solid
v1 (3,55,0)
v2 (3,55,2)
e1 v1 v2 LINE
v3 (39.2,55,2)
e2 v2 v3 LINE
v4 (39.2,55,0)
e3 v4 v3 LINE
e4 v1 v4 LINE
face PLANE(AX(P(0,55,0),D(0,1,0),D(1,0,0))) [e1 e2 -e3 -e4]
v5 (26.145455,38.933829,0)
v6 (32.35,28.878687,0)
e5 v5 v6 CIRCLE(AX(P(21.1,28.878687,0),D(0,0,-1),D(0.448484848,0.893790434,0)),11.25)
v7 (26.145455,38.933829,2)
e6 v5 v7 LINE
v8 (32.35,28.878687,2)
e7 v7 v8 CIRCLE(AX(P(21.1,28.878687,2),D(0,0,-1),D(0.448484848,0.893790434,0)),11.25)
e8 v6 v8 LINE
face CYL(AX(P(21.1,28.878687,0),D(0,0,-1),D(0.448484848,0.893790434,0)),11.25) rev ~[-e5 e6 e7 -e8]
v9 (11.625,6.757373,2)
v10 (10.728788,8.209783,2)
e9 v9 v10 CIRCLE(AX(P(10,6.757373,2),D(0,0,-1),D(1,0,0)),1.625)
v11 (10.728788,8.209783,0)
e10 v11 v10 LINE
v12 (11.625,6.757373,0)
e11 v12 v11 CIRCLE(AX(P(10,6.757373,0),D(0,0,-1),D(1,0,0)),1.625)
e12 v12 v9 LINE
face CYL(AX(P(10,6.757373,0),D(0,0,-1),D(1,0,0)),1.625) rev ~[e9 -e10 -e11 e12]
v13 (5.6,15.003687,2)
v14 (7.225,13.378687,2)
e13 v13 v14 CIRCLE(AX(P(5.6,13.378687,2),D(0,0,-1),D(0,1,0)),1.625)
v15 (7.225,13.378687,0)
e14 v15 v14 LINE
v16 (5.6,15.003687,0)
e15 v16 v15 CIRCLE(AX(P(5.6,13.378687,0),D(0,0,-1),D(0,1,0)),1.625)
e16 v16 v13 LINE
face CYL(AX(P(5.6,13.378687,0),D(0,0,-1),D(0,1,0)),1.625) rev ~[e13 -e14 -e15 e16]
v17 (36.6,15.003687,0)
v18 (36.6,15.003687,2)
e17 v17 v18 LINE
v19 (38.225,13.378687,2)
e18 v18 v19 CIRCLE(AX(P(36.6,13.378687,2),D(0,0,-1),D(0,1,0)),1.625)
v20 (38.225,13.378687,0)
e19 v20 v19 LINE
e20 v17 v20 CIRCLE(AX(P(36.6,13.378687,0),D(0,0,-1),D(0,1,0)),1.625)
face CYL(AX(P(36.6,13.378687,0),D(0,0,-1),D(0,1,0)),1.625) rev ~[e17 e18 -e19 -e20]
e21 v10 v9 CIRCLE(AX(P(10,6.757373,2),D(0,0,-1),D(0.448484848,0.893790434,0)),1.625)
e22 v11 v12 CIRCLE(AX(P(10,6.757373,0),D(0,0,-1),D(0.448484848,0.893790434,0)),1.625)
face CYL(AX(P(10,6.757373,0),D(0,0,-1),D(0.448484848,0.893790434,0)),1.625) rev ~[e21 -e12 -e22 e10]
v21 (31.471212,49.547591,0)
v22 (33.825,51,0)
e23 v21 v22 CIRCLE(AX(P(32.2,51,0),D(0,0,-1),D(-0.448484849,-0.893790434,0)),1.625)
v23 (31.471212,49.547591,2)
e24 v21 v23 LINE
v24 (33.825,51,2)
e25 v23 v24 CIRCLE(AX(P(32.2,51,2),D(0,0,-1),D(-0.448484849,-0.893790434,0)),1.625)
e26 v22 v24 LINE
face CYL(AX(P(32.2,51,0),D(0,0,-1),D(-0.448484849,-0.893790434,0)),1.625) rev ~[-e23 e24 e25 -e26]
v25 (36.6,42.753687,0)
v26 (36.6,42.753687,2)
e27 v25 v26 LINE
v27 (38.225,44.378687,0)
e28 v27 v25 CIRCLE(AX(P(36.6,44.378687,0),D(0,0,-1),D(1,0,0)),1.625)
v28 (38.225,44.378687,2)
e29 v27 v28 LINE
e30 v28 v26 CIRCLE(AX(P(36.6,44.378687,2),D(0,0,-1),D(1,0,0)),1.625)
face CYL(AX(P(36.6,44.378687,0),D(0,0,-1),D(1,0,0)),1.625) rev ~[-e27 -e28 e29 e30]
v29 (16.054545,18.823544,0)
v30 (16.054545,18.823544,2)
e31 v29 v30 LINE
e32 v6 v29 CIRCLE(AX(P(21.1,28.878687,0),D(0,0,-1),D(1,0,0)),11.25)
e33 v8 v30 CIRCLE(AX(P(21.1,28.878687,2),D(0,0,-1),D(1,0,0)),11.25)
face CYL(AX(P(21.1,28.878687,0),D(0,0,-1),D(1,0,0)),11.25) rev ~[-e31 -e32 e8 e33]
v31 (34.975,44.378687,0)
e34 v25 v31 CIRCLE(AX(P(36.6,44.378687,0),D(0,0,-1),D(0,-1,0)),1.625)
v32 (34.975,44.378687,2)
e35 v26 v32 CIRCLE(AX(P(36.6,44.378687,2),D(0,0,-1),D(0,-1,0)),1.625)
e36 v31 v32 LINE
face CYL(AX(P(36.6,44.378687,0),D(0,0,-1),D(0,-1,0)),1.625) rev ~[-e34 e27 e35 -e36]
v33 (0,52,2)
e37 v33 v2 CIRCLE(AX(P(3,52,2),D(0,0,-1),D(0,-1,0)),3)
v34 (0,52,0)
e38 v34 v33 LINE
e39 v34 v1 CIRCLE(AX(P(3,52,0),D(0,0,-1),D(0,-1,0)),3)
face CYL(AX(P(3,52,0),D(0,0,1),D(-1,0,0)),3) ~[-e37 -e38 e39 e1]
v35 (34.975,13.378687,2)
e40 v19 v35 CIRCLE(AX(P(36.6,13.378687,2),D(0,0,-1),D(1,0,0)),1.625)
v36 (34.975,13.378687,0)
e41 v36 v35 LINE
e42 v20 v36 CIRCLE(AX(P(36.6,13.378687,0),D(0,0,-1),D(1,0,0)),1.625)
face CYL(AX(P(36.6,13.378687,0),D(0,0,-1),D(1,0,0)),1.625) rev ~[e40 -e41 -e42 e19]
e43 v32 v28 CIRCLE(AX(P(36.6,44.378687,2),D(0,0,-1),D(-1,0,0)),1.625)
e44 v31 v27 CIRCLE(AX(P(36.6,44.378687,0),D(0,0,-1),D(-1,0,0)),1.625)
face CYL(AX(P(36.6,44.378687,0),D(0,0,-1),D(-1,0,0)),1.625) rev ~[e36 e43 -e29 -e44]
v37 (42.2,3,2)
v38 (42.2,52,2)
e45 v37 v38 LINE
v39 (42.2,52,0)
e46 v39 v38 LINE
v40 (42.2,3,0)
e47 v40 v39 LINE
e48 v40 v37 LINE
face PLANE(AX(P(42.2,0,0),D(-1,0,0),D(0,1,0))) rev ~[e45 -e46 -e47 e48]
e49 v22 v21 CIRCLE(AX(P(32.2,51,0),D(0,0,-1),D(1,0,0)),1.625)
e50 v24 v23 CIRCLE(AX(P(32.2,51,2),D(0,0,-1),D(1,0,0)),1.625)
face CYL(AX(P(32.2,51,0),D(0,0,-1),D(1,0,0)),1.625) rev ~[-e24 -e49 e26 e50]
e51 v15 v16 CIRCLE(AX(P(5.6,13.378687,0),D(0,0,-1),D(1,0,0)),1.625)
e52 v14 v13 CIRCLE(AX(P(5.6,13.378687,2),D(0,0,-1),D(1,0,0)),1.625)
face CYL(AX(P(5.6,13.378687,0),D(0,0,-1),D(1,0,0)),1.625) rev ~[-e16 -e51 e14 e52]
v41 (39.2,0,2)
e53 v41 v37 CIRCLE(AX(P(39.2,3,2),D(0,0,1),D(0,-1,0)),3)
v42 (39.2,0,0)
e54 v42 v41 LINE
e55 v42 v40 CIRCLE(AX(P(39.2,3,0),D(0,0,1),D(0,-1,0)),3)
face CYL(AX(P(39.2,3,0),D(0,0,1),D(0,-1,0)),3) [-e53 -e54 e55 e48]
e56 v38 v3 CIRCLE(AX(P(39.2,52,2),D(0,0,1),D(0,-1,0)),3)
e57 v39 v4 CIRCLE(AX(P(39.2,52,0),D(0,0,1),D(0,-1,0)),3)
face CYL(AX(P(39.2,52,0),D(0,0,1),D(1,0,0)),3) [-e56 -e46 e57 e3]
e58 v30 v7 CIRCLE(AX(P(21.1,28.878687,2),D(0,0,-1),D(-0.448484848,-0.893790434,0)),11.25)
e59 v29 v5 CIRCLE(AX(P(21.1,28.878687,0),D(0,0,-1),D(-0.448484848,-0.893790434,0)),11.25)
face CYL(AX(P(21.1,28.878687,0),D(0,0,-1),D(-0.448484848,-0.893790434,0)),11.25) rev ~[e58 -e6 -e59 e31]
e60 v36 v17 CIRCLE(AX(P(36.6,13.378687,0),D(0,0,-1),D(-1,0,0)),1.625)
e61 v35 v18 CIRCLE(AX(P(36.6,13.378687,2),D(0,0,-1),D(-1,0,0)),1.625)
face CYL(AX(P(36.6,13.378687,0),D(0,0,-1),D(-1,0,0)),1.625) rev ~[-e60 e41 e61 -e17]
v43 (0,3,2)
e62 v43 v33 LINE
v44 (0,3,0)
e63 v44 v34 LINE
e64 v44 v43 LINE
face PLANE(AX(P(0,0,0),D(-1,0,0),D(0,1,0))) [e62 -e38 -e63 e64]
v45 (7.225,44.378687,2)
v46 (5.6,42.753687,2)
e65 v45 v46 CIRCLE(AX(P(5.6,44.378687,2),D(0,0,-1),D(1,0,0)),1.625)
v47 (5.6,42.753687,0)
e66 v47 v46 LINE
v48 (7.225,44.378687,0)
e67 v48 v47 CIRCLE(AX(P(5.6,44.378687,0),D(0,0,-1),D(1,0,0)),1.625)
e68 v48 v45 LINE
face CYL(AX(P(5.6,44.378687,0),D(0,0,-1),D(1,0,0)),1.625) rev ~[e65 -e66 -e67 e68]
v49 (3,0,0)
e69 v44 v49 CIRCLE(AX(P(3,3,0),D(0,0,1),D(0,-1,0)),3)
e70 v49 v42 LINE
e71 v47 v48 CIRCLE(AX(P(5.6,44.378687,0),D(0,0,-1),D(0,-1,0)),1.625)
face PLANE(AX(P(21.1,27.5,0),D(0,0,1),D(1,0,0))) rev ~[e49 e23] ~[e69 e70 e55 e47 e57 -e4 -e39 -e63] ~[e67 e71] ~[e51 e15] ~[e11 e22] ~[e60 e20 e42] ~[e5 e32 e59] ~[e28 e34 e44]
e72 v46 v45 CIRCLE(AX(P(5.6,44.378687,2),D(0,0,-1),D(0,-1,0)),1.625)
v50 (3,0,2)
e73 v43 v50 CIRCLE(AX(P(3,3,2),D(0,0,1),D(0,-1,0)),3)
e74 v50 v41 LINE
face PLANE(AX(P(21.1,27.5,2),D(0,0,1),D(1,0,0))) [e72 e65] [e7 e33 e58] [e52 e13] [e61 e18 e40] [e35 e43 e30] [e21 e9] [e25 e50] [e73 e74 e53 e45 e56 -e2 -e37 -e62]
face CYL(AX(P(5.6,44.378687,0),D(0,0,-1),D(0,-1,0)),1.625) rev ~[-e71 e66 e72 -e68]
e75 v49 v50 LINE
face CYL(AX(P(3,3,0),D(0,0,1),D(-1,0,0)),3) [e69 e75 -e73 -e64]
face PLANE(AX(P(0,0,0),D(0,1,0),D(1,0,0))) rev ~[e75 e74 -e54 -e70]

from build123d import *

# Parameters (mm, degrees)
F0_W     = 42.2
F0_H     = 55
F1_DEPTH = 2
F2_R     = 3


with BuildPart() as f1:
    # F0 (on Top) → F1 (new body)
    with BuildSketch(Plane.XY):
        with Locations((21.1, 27.5)):
            Rectangle(F0_W, F0_H)
        with BuildLine():
            ThreePointArc((11.625, 6.7573734957), (8.6170854504, 5.9040433436), (10.7287878788, 8.2097829516))
            ThreePointArc((10.7287878788, 8.2097829516), (11.3829145496, 7.6107036478), (11.625, 6.7573734957))
        make_face(mode=Mode.SUBTRACT)
        with BuildLine():
            Line((7.225, 44.3786867478), (28.8775671832, 44.3786867478))
            Line((28.8775671832, 44.3786867478), (34.975, 44.3786867478))
            ThreePointArc((34.975, 44.3786867478), (36.6, 46.0036867478), (38.225, 44.3786867478))
            ThreePointArc((38.225, 44.3786867478), (37.7490485194, 43.2296382284), (36.6, 42.7536867478))
            Line((36.6, 42.7536867478), (36.6, 15.0036867478))
            ThreePointArc((36.6, 15.0036867478), (37.7490485194, 14.5277352673), (38.225, 13.3786867478))
            ThreePointArc((38.225, 13.3786867478), (36.6, 11.7536867478), (34.975, 13.3786867478))
            Line((34.975, 13.3786867478), (13.3224328168, 13.3786867478))
            Line((13.3224328168, 13.3786867478), (7.225, 13.3786867478))
            ThreePointArc((7.225, 13.3786867478), (4.4509514806, 12.2296382284), (5.6, 15.0036867478))
            Line((5.6, 15.0036867478), (5.6, 42.7536867478))
            ThreePointArc((5.6, 42.7536867478), (4.4509514806, 45.5277352673), (7.225, 44.3786867478))
        make_face(mode=Mode.SUBTRACT)
        with BuildLine():
            ThreePointArc((31.4712121212, 49.5475905441), (31.3466698479, 52.3829145496), (33.825, 51))
            ThreePointArc((33.825, 51), (33.0533301521, 49.6170854504), (31.4712121212, 49.5475905441))
        make_face(mode=Mode.SUBTRACT)
        with BuildLine():
            Line((26.1454545455, 38.9338291352), (28.8775671832, 44.3786867478))
            Line((28.8775671832, 44.3786867478), (7.225, 44.3786867478))
            ThreePointArc((7.225, 44.3786867478), (6.7490485194, 43.2296382284), (5.6, 42.7536867478))
            Line((5.6, 42.7536867478), (5.6, 15.0036867478))
            ThreePointArc((5.6, 15.0036867478), (6.7490485194, 14.5277352673), (7.225, 13.3786867478))
            Line((7.225, 13.3786867478), (13.3224328168, 13.3786867478))
            Line((13.3224328168, 13.3786867478), (16.0545454545, 18.8235443605))
            ThreePointArc((16.0545454545, 18.8235443605), (11.0448576127, 33.9241412933), (26.1454545455, 38.9338291352))
        make_face()
        with BuildLine():
            Line((34.975, 44.3786867478), (28.8775671832, 44.3786867478))
            Line((28.8775671832, 44.3786867478), (26.1454545455, 38.9338291352))
            ThreePointArc((26.1454545455, 38.9338291352), (30.674023805, 34.7863570316), (32.35, 28.8786867478))
            ThreePointArc((32.35, 28.8786867478), (27.0076702838, 19.3046629429), (16.0545454545, 18.8235443605))
            Line((16.0545454545, 18.8235443605), (13.3224328168, 13.3786867478))
            Line((13.3224328168, 13.3786867478), (34.975, 13.3786867478))
            ThreePointArc((34.975, 13.3786867478), (35.4509514806, 14.5277352673), (36.6, 15.0036867478))
            Line((36.6, 15.0036867478), (36.6, 42.7536867478))
            ThreePointArc((36.6, 42.7536867478), (35.4509514806, 43.2296382284), (34.975, 44.3786867478))
        make_face()
    extrude(amount=F1_DEPTH)

    # F2
    f2_edges = [f1.edges().sort_by_distance(p)[0] for p in [
        (42.2, 55, 1),
        (0, 55, 1),
        (0, 0, 1),
        (42.2, 0, 1),
    ]]
    fillet(f2_edges, radius=F2_R)


solid = f1.part
